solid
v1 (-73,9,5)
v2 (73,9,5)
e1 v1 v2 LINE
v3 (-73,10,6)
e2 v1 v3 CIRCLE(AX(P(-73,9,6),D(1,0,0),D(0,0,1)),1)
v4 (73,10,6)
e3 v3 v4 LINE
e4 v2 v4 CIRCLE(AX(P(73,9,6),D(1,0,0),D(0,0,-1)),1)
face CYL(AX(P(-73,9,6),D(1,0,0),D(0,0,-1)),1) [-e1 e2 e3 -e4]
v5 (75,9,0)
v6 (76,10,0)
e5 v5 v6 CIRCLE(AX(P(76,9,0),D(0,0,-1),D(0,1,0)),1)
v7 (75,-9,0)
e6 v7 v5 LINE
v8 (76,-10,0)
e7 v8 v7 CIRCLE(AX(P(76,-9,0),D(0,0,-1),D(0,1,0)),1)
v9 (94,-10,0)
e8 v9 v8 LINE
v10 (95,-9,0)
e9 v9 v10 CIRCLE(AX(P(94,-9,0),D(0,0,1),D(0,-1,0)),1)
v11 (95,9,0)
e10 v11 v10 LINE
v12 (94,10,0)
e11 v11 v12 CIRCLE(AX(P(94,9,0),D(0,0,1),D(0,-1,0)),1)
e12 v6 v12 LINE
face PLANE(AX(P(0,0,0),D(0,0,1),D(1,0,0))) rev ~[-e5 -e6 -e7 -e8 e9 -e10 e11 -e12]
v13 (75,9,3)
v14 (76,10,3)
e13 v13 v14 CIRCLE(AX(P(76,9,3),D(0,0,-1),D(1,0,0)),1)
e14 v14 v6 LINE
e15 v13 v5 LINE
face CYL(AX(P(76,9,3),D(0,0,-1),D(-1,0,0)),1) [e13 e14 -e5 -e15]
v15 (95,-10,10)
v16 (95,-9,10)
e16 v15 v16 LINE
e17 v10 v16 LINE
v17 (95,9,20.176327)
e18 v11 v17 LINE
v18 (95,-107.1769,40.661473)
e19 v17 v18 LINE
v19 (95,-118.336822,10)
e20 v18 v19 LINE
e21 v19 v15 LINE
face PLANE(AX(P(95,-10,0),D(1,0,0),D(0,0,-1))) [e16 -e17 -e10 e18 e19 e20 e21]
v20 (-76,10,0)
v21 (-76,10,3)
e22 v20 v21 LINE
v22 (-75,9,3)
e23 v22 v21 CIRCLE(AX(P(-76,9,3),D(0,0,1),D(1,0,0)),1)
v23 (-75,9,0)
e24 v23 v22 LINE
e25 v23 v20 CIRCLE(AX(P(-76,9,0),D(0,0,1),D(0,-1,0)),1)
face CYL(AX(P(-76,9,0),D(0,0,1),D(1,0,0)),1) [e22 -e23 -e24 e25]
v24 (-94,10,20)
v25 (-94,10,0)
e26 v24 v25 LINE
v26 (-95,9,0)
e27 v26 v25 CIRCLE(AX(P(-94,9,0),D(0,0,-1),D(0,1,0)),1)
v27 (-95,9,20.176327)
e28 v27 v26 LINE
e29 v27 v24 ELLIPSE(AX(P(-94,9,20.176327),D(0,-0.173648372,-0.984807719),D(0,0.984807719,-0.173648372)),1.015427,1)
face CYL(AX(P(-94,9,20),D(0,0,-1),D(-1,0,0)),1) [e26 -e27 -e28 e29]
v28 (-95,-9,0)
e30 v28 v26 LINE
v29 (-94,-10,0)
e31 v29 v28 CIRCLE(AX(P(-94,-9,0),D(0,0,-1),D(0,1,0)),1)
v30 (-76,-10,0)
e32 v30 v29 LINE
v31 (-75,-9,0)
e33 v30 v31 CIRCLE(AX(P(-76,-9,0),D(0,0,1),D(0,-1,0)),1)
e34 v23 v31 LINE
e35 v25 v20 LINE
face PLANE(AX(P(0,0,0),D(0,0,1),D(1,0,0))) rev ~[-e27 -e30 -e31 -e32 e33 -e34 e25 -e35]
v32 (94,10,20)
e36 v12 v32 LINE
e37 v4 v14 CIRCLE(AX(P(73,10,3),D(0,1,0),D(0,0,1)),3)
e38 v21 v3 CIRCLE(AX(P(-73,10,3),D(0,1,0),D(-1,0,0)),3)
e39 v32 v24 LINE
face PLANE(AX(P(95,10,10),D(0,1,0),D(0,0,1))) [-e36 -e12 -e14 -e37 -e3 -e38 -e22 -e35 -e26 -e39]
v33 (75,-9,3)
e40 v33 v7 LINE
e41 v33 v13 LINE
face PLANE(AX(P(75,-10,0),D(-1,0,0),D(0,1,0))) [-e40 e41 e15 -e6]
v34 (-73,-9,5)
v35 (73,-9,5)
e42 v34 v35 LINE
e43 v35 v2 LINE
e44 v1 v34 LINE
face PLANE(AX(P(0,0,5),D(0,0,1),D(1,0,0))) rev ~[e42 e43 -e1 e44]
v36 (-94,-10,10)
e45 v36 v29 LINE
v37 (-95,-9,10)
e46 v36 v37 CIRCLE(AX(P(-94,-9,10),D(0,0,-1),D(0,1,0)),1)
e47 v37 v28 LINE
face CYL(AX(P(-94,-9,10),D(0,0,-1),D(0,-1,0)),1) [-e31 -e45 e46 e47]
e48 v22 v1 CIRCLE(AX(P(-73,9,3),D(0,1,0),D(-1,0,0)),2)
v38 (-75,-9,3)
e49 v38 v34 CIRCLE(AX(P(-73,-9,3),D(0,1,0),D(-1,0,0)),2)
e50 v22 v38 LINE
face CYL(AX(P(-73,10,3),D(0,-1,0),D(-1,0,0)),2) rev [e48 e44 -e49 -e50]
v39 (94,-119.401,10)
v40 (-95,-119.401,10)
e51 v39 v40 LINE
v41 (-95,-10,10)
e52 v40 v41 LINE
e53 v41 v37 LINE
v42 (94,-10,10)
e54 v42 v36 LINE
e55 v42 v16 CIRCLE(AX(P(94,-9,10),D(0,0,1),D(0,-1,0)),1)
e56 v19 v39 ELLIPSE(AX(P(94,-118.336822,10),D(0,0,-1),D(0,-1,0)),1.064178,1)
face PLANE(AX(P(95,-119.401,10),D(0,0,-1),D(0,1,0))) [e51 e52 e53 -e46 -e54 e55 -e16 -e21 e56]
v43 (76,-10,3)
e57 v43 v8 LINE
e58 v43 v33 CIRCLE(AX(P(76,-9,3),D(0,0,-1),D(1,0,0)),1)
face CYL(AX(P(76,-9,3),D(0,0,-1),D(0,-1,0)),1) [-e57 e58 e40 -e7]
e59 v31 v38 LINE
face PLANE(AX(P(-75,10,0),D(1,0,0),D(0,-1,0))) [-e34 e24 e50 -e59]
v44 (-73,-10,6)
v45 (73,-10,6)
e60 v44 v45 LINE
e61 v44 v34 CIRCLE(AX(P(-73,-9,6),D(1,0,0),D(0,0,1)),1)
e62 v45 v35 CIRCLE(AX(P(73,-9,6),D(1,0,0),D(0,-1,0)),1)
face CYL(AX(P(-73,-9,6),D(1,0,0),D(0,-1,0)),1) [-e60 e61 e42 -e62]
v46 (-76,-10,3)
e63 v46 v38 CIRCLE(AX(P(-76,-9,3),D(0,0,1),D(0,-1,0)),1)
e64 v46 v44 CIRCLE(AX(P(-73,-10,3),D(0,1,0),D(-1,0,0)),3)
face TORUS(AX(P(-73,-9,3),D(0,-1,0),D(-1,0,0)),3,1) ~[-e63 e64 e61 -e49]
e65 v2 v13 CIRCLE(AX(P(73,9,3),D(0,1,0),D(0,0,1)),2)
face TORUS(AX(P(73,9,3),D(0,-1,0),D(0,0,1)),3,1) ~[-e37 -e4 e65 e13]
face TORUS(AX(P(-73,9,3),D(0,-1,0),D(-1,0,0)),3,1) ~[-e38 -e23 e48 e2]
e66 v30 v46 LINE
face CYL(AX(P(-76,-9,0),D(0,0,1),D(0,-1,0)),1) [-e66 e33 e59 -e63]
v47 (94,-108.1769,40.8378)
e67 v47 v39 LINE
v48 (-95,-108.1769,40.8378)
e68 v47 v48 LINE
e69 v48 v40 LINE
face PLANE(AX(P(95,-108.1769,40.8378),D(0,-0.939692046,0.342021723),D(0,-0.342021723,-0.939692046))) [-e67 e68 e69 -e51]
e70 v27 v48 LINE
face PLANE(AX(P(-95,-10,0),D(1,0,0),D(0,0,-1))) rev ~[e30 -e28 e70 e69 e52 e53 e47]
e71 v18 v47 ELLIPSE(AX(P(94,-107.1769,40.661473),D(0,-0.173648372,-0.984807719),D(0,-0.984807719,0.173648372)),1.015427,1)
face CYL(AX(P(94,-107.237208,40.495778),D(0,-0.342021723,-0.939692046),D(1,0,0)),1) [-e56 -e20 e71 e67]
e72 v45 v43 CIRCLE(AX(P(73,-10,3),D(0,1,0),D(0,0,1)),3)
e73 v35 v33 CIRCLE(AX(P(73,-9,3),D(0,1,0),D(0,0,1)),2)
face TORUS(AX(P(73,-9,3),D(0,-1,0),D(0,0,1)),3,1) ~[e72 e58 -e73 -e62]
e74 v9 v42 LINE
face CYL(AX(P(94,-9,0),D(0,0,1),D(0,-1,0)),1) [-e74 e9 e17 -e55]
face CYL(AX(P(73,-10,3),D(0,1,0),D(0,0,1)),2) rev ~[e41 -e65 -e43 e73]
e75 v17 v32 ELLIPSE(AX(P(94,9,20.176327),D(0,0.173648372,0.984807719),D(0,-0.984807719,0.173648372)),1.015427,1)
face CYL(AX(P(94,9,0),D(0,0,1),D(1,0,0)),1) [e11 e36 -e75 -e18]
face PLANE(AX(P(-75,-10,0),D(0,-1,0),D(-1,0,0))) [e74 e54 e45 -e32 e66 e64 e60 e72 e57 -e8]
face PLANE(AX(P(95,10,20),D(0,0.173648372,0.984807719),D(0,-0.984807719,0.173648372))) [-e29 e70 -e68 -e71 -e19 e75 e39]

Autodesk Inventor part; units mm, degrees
ref_plane "YZ Plane" through (0, 0, 0) normal (1, 0, 0) x (0, 1, 0)
ref_plane "XZ Plane" through (0, 0, 0) normal (0, 1, 0) x (-1, 0, 0)
sketch "Sketch1" plane through (0, 0, 0) normal (0, 0, 1) x (1, 0, 0)
  line L0 (-75, -10) -> (-95, -10)
  line L1 (-95, -10) -> (-95, 10)
  line L2 (-95, 10) -> (-75, 10)
  line L3 (-75, 10) -> (-75, -10)
  line L4 (-75, -10) -> (-95, 10) construction
  line L5 (-95, -10) -> (-75, 10) construction
  line L6 (95, -10) -> (75, -10)
  line L7 (75, -10) -> (75, 10)
  line L8 (75, 10) -> (95, 10)
  line L9 (95, 10) -> (95, -10)
  line L10 (95, -10) -> (75, 10) construction
  line L11 (75, -10) -> (95, 10) construction
  line L12 (-85, 0) -> (85, 0) construction
  point P0 (0, 0)
  point P1 (0, 0)
  dimension "d0" = 20
  dimension "d1" = 20
  dimension "d2" = 20
  dimension "d3" = 20
  dimension "d4" = 170
extrude "Extrusion1" add sketch "Sketch1" along normal blind 5
sketch "Sketch2" plane through (0, 0, 5) normal (0, 0, 1) x (1, 0, 0)
  line L0 (-75, 10) -> (-95, 10) projected
  line L1 (-95, 10) -> (-95, -10) projected
  line L2 (-95, -10) -> (-75, -10) projected
  line L3 (-75, -10) -> (-75, 10) projected
  line L4 (95, 10) -> (75, 10) projected
  line L5 (75, 10) -> (75, -10) projected
  line L6 (75, -10) -> (95, -10) projected
  line L7 (95, -10) -> (95, 10) projected
  line L8 (-95, 10) -> (95, 10)
  line L9 (95, 10) -> (95, -10)
  line L10 (95, -10) -> (-95, -10)
  line L11 (-95, -10) -> (-95, 10)
  point P0 (0, 0)
extrude "Extrusion2" add sketch "Sketch2" along normal blind 5
ref_plane "Work Plane1" through (75, 5.75, 0) normal (0, 1, 0) x (1, 0, 0)
sketch "Sketch4" plane through (95, -10, 0) normal (1, 0, 0) x (0, 0, -1)
  line L0 (0, 0) -> (0, 20) projected
  line L1 (0, 20) -> (-10, 20) projected
  line L2 (-10, 0) -> (-10, 20) projected
  line L3 (0, 0) -> (-10, 0) projected
  line L4 (-10, 20) -> (-20, 20)
  line L5 (-20, 20) -> (-40.8378, -98.1769)
  line L6 (-40.8378, -98.1769) -> (-10, -109.401)
  line L7 (0, 0) -> (0, 20) projected
  line L8 (-10, -109.401) -> (-10, 0)
  line L9 (-10, 0) -> (-10, 20) projected
  point P0 (0, 10)
  dimension "d14" = 100
  dimension "d15" = 100
  dimension "d16" = 120
  dimension "d17" = 20
extrude "Extrusion4" add sketch "Sketch4" against normal up to surface (190 mm away) contours L8 L6 L5 L4 L2
fillet "Fillet1" radius 2 2 edges at (-75, 0, 5) (75, 0, 5)
fillet "Fillet2" radius 1 9 edges at (-75, 10, 1.5) (75, 10, 1.5) (-75, -10, 1.5) (75, -10, 1.5) (95, -10, 5) (95, 10, 10) (-95, 10, 10) (-95, -10, 5) (95, -113.7889, 25.4189)
equation "\"d15\" = d14"
properties part number "Display Case" material "ABS Plastic"
